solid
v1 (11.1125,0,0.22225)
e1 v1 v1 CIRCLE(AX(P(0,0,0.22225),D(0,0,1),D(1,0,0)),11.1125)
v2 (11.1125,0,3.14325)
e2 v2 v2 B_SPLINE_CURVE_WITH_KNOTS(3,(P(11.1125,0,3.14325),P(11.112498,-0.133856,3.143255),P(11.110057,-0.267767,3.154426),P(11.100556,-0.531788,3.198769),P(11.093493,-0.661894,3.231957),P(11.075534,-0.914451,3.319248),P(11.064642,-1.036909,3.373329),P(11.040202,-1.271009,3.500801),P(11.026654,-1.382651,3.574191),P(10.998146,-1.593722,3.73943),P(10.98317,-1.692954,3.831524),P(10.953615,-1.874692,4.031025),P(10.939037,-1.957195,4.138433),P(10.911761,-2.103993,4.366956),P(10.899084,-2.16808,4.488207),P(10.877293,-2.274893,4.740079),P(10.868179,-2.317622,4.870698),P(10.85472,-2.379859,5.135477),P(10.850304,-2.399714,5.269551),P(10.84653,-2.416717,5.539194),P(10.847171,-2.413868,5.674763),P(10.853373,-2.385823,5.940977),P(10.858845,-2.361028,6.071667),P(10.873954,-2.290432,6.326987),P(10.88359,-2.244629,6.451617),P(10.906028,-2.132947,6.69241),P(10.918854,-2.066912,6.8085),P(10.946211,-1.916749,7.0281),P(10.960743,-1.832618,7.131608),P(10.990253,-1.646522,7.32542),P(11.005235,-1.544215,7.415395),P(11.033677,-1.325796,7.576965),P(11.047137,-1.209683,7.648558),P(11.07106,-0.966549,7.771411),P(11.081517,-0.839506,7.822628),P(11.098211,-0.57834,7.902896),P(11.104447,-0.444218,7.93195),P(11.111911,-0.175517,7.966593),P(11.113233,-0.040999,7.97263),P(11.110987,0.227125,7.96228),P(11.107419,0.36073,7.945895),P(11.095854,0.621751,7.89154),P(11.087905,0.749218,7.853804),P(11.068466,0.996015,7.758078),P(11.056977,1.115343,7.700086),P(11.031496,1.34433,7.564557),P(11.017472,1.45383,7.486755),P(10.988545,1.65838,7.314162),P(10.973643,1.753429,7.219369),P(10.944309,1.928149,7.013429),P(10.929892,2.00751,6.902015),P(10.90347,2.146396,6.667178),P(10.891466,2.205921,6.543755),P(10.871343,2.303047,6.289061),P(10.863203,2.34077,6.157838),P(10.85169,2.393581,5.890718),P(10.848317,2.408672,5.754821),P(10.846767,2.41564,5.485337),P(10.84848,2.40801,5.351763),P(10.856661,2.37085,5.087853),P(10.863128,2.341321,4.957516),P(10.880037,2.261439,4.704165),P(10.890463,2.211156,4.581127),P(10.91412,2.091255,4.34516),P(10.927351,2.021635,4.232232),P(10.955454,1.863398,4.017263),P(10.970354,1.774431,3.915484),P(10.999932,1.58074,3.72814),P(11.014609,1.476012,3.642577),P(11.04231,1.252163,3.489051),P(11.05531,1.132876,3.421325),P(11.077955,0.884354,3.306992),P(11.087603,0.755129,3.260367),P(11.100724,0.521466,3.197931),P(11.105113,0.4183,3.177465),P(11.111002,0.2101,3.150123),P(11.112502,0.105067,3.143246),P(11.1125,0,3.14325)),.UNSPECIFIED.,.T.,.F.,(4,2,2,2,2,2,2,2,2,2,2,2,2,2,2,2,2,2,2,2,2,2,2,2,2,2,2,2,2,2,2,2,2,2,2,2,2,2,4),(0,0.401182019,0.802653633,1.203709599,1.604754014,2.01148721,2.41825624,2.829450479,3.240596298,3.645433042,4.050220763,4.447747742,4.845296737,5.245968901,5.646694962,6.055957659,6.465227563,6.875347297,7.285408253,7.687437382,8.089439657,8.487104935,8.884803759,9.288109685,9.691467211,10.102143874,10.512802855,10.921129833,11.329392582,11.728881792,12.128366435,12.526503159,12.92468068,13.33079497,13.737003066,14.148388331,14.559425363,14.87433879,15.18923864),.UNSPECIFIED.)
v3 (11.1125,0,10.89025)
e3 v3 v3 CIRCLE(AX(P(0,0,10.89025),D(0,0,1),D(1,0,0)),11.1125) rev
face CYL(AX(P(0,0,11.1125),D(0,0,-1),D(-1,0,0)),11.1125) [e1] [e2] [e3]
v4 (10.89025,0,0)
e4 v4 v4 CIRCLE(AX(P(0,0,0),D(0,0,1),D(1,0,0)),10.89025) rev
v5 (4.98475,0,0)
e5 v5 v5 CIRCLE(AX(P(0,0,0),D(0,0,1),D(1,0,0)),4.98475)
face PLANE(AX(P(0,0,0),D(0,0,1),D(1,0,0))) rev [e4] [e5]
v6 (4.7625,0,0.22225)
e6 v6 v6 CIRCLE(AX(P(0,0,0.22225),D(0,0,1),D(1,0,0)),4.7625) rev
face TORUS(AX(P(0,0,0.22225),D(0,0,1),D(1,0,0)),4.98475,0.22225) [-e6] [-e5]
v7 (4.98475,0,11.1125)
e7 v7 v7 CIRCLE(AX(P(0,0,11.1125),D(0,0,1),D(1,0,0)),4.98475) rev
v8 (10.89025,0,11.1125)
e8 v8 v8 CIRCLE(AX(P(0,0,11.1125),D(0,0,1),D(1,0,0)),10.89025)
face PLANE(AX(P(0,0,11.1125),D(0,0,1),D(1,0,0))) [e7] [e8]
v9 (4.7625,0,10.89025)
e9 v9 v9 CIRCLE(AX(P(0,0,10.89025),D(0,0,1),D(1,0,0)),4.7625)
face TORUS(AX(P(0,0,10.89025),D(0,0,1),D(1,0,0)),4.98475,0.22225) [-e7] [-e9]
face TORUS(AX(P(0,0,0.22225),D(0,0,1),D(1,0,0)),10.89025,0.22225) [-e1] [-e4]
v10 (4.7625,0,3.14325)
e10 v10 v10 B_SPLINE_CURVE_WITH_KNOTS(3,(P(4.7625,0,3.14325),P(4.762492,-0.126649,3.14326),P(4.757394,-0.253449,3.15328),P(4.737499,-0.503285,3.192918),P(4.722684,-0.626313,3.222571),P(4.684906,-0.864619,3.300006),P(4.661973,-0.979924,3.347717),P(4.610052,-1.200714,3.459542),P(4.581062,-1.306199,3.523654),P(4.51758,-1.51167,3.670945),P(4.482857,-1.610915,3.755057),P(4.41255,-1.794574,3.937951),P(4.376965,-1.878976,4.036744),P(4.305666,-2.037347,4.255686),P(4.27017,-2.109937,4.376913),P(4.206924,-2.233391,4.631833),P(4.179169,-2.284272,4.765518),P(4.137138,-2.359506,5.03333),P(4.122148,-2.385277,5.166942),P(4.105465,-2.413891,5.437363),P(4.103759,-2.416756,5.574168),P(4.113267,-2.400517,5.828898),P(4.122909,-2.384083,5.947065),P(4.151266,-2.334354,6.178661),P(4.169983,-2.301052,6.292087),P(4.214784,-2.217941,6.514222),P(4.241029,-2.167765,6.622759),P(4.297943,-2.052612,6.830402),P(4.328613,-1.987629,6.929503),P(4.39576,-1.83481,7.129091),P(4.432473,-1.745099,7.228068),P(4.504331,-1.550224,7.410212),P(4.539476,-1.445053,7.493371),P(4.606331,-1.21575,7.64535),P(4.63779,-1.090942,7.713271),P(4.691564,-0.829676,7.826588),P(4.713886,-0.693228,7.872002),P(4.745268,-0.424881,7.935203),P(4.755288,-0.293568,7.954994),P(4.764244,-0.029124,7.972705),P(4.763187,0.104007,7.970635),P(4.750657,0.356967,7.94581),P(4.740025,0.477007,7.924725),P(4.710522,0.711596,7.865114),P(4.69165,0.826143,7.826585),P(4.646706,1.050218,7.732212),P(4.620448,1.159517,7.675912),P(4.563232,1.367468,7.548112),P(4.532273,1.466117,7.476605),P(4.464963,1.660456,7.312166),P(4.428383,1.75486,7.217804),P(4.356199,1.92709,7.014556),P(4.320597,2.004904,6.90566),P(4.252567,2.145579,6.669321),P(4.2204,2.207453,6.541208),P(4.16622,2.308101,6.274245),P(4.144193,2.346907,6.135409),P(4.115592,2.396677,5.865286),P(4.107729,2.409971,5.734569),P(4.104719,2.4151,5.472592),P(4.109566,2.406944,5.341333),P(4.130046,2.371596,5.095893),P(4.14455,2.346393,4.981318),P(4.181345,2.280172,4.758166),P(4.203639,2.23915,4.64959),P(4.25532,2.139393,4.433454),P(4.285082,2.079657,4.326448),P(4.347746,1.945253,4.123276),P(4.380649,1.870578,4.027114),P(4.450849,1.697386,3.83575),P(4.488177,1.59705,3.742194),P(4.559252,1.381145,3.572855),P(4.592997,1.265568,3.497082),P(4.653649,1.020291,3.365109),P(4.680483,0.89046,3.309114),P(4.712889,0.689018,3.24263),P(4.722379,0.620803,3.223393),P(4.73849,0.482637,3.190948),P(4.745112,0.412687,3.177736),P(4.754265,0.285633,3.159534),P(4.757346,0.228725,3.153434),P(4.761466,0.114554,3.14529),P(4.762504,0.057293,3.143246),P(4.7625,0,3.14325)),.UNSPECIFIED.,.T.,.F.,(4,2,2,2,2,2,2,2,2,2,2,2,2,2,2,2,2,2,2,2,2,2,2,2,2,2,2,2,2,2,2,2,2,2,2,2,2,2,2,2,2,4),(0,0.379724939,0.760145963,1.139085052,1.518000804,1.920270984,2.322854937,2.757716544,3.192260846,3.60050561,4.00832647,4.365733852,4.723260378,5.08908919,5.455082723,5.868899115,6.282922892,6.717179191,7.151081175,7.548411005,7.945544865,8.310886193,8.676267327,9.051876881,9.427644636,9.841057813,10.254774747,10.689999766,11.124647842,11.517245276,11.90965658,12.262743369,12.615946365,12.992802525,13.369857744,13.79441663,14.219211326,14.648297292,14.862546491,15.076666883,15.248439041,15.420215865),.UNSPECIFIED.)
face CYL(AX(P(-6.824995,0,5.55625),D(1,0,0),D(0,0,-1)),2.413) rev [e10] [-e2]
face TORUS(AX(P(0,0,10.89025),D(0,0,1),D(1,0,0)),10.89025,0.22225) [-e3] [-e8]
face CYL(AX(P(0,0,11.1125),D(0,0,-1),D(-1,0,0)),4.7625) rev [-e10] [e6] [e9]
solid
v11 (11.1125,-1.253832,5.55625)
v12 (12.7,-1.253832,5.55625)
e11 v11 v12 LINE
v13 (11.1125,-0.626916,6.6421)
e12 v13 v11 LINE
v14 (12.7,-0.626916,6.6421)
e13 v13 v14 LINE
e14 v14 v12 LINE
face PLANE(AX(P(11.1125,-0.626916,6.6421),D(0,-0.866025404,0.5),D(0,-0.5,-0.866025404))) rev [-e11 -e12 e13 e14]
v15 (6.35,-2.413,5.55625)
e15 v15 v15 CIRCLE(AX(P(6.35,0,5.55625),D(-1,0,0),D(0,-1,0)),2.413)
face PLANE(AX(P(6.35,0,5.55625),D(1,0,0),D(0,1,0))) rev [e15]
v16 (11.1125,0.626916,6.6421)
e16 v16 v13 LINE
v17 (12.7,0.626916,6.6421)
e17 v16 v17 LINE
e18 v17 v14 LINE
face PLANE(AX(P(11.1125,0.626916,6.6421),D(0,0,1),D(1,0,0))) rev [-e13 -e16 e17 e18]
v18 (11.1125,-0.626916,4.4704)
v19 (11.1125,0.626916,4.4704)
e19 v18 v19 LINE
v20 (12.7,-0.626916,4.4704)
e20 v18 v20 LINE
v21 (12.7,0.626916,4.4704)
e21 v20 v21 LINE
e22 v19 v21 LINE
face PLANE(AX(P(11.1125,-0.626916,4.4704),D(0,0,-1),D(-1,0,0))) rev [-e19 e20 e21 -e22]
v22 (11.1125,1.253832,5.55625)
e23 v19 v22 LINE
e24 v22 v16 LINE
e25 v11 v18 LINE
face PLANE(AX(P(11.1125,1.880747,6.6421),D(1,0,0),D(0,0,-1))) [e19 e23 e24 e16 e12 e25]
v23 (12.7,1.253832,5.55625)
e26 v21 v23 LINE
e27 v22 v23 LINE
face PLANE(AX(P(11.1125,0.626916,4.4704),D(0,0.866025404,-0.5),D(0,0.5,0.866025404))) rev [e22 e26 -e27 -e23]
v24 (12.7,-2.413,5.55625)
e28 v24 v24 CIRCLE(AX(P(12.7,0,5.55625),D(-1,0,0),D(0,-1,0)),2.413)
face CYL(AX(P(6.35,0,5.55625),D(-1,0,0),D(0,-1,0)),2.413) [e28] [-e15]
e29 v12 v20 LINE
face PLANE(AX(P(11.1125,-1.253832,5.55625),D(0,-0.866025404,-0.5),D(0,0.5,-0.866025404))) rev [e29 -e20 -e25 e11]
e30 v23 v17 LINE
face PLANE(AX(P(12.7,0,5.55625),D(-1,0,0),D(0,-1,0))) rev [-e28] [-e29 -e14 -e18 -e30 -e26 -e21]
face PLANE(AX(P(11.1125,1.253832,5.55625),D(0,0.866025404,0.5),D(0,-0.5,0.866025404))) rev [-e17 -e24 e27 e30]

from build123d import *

# Parameters (mm, degrees)
SKETCH1_R               = 11.1125
SKETCH1_R_2             = 4.7625
EXTRUDE1_DEPTH          = 11.1125
CUT_EXTRUDE1_REACH      = 29.22
CUT_EXTRUDE1_END_RADIUS = 4.7625
SKETCH2_R               = 2.413
SKETCH3_W               = 6.35
SKETCH3_H               = 2.413
CUT_EXTRUDE2_DEPTH      = 1.5875
FILLET1_R               = 0.22225


with BuildPart() as part:
    # Sketch1 → Extrude1 (new body)
    with BuildSketch(Plane.XY):
        Circle(SKETCH1_R)
        Circle(SKETCH1_R_2, mode=Mode.SUBTRACT)
    extrude(amount=EXTRUDE1_DEPTH)

    # Cut-Extrude1: up to this cylinder (the profile starts outside it)
    cut_extrude1_end = Plane(origin=(0, 0, 5.55625), z_dir=(0, 0, -1)) * Cylinder(CUT_EXTRUDE1_END_RADIUS, 68.965, mode=Mode.PRIVATE)
    # Sketch2 → Cut-Extrude1 (cut, up to the surface)
    with BuildSketch(Plane(origin=(11.1125, 0, 0), x_dir=(0, 0, -1), z_dir=(1, 0, 0)), mode=Mode.PRIVATE) as cut_extrude1_sk1:
        with Locations((-5.55625, 0)):
            Circle(SKETCH2_R)
    cut_extrude1_tool1 = extrude(cut_extrude1_sk1.sketch, amount=-CUT_EXTRUDE1_REACH, mode=Mode.PRIVATE) - cut_extrude1_end
    add(cut_extrude1_tool1.solids().sort_by_distance((11.1125, 0, 5.55625))[0], mode=Mode.SUBTRACT)

    # Fillet1
    fillet1_edges = [part.edges().sort_by_distance(p)[0] for p in [
        (-11.1125, 0, 0),
        (-11.1125, 0, 11.1125),
        (-4.7625, 0, 0),
        (-4.7625, 0, 11.1125),
    ]]
    fillet(fillet1_edges, radius=FILLET1_R)


with BuildPart() as body_2:
    # Sketch3 → Revolve1 (revolve)
    with BuildSketch(Plane.XY.offset(5.55625), mode=Mode.PRIVATE) as revolve1_sk:
        with Locations((9.525, 1.2065)):
            Rectangle(SKETCH3_W, SKETCH3_H)
    revolve(revolve1_sk.sketch.rotate(Axis((6.35, 0, 5.55625), (1, 0, 0)), 180), axis=Axis((6.35, 0, 5.55625), (1, 0, 0)))

    # Sketch4 → Cut-Extrude2 (cut)
    with BuildSketch(Plane(origin=(12.7, 0, 0), x_dir=(0, 0, -1), z_dir=(1, 0, 0))):
        Polygon((-5.55625, 1.25383158), (-6.6421, 0.62691579), (-6.6421, -0.62691579), (-5.55625, -1.25383158), (-4.4704, -0.62691579), (-4.4704, 0.62691579), align=None)
    extrude(amount=-CUT_EXTRUDE2_DEPTH, mode=Mode.SUBTRACT)


solid = Compound([part.part, body_2.part])
